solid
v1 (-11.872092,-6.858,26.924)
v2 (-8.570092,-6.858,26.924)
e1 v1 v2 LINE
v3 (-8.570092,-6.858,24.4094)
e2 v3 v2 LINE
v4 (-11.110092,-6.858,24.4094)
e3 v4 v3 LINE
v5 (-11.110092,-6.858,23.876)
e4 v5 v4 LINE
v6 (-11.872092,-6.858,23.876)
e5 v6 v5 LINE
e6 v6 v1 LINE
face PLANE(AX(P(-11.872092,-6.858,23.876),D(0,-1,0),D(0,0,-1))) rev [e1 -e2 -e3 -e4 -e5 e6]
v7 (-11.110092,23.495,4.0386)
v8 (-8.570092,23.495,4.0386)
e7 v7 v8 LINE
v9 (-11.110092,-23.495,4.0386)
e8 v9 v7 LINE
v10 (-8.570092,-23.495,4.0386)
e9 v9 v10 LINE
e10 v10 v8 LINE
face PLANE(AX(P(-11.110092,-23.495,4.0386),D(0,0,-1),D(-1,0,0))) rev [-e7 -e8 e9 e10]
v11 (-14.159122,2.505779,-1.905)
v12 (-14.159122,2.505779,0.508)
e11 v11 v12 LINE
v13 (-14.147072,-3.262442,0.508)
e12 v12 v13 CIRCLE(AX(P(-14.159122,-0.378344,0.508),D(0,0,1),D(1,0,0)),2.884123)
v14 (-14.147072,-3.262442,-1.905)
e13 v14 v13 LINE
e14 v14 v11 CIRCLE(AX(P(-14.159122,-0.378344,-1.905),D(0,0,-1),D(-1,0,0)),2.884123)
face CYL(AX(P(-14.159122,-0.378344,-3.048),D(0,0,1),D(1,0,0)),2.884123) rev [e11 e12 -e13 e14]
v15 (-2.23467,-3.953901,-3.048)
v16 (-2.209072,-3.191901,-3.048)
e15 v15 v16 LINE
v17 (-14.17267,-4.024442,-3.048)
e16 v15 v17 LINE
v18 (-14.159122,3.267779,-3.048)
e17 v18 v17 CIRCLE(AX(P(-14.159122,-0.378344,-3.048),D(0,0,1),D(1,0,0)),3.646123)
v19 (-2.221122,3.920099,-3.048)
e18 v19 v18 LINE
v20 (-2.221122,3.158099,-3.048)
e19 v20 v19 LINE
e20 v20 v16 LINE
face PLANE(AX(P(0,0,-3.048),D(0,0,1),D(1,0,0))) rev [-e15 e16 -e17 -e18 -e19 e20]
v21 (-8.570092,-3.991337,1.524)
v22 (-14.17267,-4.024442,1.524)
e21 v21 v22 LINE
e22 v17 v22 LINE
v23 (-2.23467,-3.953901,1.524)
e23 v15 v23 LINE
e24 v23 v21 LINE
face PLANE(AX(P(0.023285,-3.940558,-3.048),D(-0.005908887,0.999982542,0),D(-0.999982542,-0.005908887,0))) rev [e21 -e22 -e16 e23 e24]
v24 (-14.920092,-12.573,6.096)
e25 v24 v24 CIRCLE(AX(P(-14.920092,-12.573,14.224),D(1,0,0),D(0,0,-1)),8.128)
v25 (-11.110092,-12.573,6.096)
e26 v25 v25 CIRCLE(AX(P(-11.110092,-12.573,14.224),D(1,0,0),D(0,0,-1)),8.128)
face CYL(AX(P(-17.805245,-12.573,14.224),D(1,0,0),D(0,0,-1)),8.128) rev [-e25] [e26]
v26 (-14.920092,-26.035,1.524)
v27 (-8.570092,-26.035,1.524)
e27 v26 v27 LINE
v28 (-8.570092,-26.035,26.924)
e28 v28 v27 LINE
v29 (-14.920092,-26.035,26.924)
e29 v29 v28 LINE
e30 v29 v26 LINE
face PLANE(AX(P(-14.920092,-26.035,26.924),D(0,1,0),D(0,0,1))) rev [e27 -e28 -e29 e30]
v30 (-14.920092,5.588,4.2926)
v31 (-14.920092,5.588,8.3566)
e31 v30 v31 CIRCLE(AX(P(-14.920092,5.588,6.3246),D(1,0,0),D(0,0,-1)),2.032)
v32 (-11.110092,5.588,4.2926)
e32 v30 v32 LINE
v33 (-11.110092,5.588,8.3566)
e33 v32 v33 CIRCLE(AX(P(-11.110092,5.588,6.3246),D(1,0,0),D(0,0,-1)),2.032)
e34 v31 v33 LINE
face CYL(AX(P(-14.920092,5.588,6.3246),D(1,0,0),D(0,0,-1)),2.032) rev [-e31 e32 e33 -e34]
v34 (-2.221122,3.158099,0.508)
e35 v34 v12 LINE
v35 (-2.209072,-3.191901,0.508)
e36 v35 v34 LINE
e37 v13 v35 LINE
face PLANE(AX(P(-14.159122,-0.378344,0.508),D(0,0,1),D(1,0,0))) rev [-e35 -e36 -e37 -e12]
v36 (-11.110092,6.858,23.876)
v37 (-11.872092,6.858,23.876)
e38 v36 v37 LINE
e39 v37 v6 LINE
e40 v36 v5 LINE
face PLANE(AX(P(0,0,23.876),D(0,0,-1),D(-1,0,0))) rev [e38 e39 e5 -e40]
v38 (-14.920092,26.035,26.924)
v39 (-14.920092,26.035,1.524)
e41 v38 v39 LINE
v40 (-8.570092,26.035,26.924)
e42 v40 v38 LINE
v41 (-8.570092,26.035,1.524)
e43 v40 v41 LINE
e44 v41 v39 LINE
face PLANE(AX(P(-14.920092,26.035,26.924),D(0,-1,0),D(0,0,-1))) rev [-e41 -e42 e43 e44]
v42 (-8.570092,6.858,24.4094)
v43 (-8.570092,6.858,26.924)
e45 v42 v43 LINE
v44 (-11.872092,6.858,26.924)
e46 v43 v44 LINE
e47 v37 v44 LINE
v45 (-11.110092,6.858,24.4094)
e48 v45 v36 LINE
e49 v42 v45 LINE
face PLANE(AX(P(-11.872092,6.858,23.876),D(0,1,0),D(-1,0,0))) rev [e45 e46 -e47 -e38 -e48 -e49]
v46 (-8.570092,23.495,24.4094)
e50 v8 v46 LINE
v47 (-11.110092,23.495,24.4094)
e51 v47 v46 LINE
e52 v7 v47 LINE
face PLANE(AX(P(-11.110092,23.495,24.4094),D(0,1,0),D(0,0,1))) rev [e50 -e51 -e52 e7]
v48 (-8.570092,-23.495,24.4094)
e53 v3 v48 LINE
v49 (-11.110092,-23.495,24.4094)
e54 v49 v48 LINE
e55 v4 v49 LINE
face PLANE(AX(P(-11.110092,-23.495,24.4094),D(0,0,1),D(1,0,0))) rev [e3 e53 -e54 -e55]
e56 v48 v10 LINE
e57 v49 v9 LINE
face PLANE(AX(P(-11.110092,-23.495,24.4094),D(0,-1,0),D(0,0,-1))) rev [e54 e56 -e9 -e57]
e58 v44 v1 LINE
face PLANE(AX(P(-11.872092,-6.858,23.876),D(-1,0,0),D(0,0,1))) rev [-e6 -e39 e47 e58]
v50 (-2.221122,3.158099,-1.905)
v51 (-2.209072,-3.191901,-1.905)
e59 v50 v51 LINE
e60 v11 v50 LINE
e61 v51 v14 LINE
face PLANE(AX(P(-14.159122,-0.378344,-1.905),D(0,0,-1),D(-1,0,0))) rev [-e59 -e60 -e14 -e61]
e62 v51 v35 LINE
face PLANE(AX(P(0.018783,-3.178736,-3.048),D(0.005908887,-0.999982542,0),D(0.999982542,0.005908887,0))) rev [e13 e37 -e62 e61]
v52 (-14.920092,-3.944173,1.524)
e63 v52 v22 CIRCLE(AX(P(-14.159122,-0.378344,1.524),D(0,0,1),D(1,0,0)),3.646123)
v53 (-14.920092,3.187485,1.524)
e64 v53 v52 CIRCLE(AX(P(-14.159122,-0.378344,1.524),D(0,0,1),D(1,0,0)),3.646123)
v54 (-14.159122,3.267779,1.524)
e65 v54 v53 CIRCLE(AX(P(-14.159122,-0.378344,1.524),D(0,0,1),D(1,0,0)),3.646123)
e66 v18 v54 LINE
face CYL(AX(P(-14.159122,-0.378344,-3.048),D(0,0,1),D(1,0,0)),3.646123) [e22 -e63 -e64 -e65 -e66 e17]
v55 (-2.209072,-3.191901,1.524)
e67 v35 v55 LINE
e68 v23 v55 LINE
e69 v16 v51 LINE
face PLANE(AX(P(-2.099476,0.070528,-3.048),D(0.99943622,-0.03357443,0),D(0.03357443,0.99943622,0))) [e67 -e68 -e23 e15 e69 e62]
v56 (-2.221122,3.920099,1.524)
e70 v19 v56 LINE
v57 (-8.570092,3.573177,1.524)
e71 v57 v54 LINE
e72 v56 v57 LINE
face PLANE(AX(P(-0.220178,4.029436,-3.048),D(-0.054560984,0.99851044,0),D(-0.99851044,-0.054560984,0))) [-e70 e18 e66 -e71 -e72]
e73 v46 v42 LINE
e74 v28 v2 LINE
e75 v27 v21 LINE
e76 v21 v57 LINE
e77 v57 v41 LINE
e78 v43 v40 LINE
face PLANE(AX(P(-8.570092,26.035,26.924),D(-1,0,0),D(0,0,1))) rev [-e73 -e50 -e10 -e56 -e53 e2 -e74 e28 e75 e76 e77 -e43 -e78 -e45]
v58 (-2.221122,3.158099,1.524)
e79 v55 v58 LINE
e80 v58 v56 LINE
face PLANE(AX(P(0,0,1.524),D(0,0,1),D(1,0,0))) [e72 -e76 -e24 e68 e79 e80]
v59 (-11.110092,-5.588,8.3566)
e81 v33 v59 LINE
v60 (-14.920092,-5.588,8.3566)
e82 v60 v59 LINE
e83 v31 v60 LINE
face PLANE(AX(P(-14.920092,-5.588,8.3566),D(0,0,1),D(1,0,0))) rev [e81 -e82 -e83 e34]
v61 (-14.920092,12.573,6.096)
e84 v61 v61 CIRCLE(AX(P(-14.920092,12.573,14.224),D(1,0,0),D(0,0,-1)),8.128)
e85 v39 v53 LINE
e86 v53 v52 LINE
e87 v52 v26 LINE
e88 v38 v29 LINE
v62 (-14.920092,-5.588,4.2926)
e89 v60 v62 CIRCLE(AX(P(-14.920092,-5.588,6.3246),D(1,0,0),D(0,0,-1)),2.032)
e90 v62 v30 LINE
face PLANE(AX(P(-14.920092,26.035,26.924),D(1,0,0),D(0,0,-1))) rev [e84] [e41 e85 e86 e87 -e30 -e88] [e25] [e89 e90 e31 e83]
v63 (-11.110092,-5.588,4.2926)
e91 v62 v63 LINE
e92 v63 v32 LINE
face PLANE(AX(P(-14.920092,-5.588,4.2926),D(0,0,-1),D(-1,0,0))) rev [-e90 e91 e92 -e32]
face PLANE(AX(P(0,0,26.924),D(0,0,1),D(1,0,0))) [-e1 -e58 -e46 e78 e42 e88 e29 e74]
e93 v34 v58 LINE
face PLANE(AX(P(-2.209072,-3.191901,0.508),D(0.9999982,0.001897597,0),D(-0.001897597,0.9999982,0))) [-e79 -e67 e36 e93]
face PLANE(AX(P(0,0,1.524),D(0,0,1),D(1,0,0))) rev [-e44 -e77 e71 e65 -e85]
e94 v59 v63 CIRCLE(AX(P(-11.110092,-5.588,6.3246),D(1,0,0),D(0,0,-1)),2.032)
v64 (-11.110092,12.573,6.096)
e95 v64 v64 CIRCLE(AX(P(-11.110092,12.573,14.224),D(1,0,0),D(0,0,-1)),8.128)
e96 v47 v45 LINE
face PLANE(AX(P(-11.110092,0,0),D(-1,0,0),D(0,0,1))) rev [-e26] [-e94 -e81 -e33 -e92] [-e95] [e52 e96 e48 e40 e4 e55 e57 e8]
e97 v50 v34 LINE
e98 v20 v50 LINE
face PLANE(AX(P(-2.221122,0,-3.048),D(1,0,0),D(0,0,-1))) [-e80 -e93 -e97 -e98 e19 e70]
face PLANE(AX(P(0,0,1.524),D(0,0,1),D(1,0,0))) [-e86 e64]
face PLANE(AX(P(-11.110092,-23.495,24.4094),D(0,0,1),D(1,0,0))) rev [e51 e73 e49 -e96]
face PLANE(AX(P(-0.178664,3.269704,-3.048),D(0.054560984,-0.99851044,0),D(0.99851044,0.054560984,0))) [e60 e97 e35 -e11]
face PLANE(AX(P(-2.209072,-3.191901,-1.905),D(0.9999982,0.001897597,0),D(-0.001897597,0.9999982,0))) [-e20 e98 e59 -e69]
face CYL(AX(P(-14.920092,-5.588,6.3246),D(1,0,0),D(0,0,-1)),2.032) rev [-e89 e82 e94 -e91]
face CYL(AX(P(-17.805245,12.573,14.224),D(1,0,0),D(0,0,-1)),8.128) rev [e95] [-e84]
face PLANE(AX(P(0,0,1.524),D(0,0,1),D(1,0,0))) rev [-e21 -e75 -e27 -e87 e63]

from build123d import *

# Parameters (mm, degrees)
BOSS_EXTRUDE1_DEPTH      = 1.524
BOSS_EXTRUDE1_DEPTH_BACK = 3.048
BOSS_EXTRUDE2_DEPTH      = 1.016
BOSS_EXTRUDE3_DEPTH      = 1.143
SKETCH4_W                = 6.35
SKETCH4_H                = 52.07
BOSS_EXTRUDE4_DEPTH      = 25.4
SKETCH5_W                = 20.3708
SKETCH5_H                = 46.99
CUT_EXTRUDE1_DEPTH       = 2.54
SKETCH6_R                = 8.128
CUT_EXTRUDE2_DEPTH       = 7.695152554
SKETCH7_W                = 3.302
SKETCH7_H                = 13.716
CUT_EXTRUDE3_DEPTH       = 3.048
CUT_EXTRUDE4_DEPTH       = 3.81


with BuildPart() as part:
    # Sketch1 → Boss-Extrude1 (new body, two sides)
    with BuildSketch(Plane.XY) as boss_extrude1_sk:
        with BuildLine():
            Line((-2.221121967, 3.920099398), (-14.159121967, 3.267778706))
            ThreePointArc((-14.159121967, 3.267778706), (-17.805238677, -0.371570093), (-14.172670351, -4.024442128))
            Line((-14.172670351, -4.024442128), (-2.234670351, -3.953900602))
            Line((-2.234670351, -3.953900602), (-2.209072203, -3.191900602))
            Line((-2.209072203, -3.191900602), (-14.147072203, -3.262442128))
            ThreePointArc((-14.147072203, -3.262442128), (-17.043238677, -0.384369192), (-14.159121967, 2.505778706))
            Line((-14.159121967, 2.505778706), (-2.221121967, 3.158099398))
            Line((-2.221121967, 3.158099398), (-2.221121967, 3.920099398))
        make_face()
    extrude(amount=BOSS_EXTRUDE1_DEPTH)
    extrude(boss_extrude1_sk.sketch, amount=-BOSS_EXTRUDE1_DEPTH_BACK)

    # Sketch2 → Boss-Extrude2 (add)
    with BuildSketch(Plane.XY.offset(1.524)):
        with BuildLine():
            Line((-2.209072203, -3.191900602), (-2.221121967, 3.158099398))
            Line((-2.221121967, 3.158099398), (-14.159121967, 2.505778706))
            ThreePointArc((-14.159121967, 2.505778706), (-17.043238677, -0.384369192), (-14.147072203, -3.262442128))
            Line((-14.147072203, -3.262442128), (-2.209072203, -3.191900602))
        make_face()
    extrude(amount=-BOSS_EXTRUDE2_DEPTH)

    # Sketch3 → Boss-Extrude3 (add)
    with BuildSketch(Plane(origin=(0, 0, -3.048), x_dir=(-1, 0, 0), z_dir=(0, 0, -1))):
        with BuildLine():
            Line((14.159121967, 2.505778706), (2.221121967, 3.158099398))
            Line((2.221121967, 3.158099398), (2.209072203, -3.191900602))
            Line((2.209072203, -3.191900602), (14.147072203, -3.262442128))
            ThreePointArc((14.147072203, -3.262442128), (17.043238677, -0.384369192), (14.159121967, 2.505778706))
        make_face()
    extrude(amount=-BOSS_EXTRUDE3_DEPTH)

    # Sketch4 → Boss-Extrude4 (add)
    with BuildSketch(Plane.XY.offset(1.524)):
        with Locations((-11.745092416, 0)):
            Rectangle(SKETCH4_W, SKETCH4_H)
    extrude(amount=BOSS_EXTRUDE4_DEPTH)

    # Sketch5 → Cut-Extrude1 (cut)
    with BuildSketch(Plane(origin=(-8.570092416, 0, 0), x_dir=(0, 0, -1), z_dir=(1, 0, 0))):
        with Locations((-14.224, 0)):
            Rectangle(SKETCH5_W, SKETCH5_H)
    extrude(amount=-CUT_EXTRUDE1_DEPTH, mode=Mode.SUBTRACT)

    # Sketch6 → Cut-Extrude2 (cut, through all)
    with BuildSketch(Plane(origin=(-11.110092416, 0, 0), x_dir=(0, 0, -1), z_dir=(1, 0, 0))):
        with Locations((-14.224, -12.573)):
            Circle(SKETCH6_R)
        with Locations((-14.224, 12.573)):
            Circle(SKETCH6_R)
    extrude(amount=-CUT_EXTRUDE2_DEPTH, mode=Mode.SUBTRACT)

    # Sketch7 → Cut-Extrude3 (cut)
    with BuildSketch(Plane.XY.offset(26.924)):
        with Locations((-10.221092416, 0)):
            Rectangle(SKETCH7_W, SKETCH7_H)
    extrude(amount=-CUT_EXTRUDE3_DEPTH, mode=Mode.SUBTRACT)

    # Sketch8 → Cut-Extrude4 (cut)
    with BuildSketch(Plane(origin=(-11.110092416, 0, 0), x_dir=(0, 0, -1), z_dir=(1, 0, 0))):
        with BuildLine():
            Line((-8.3566, -5.588), (-8.3566, 5.588))
            ThreePointArc((-8.3566, 5.588), (-6.3246, 7.62), (-4.2926, 5.588))
            Line((-4.2926, 5.588), (-4.2926, -5.588))
            ThreePointArc((-4.2926, -5.588), (-6.3246, -7.62), (-8.3566, -5.588))
        make_face()
    extrude(amount=-CUT_EXTRUDE4_DEPTH, mode=Mode.SUBTRACT)


solid = part.part
